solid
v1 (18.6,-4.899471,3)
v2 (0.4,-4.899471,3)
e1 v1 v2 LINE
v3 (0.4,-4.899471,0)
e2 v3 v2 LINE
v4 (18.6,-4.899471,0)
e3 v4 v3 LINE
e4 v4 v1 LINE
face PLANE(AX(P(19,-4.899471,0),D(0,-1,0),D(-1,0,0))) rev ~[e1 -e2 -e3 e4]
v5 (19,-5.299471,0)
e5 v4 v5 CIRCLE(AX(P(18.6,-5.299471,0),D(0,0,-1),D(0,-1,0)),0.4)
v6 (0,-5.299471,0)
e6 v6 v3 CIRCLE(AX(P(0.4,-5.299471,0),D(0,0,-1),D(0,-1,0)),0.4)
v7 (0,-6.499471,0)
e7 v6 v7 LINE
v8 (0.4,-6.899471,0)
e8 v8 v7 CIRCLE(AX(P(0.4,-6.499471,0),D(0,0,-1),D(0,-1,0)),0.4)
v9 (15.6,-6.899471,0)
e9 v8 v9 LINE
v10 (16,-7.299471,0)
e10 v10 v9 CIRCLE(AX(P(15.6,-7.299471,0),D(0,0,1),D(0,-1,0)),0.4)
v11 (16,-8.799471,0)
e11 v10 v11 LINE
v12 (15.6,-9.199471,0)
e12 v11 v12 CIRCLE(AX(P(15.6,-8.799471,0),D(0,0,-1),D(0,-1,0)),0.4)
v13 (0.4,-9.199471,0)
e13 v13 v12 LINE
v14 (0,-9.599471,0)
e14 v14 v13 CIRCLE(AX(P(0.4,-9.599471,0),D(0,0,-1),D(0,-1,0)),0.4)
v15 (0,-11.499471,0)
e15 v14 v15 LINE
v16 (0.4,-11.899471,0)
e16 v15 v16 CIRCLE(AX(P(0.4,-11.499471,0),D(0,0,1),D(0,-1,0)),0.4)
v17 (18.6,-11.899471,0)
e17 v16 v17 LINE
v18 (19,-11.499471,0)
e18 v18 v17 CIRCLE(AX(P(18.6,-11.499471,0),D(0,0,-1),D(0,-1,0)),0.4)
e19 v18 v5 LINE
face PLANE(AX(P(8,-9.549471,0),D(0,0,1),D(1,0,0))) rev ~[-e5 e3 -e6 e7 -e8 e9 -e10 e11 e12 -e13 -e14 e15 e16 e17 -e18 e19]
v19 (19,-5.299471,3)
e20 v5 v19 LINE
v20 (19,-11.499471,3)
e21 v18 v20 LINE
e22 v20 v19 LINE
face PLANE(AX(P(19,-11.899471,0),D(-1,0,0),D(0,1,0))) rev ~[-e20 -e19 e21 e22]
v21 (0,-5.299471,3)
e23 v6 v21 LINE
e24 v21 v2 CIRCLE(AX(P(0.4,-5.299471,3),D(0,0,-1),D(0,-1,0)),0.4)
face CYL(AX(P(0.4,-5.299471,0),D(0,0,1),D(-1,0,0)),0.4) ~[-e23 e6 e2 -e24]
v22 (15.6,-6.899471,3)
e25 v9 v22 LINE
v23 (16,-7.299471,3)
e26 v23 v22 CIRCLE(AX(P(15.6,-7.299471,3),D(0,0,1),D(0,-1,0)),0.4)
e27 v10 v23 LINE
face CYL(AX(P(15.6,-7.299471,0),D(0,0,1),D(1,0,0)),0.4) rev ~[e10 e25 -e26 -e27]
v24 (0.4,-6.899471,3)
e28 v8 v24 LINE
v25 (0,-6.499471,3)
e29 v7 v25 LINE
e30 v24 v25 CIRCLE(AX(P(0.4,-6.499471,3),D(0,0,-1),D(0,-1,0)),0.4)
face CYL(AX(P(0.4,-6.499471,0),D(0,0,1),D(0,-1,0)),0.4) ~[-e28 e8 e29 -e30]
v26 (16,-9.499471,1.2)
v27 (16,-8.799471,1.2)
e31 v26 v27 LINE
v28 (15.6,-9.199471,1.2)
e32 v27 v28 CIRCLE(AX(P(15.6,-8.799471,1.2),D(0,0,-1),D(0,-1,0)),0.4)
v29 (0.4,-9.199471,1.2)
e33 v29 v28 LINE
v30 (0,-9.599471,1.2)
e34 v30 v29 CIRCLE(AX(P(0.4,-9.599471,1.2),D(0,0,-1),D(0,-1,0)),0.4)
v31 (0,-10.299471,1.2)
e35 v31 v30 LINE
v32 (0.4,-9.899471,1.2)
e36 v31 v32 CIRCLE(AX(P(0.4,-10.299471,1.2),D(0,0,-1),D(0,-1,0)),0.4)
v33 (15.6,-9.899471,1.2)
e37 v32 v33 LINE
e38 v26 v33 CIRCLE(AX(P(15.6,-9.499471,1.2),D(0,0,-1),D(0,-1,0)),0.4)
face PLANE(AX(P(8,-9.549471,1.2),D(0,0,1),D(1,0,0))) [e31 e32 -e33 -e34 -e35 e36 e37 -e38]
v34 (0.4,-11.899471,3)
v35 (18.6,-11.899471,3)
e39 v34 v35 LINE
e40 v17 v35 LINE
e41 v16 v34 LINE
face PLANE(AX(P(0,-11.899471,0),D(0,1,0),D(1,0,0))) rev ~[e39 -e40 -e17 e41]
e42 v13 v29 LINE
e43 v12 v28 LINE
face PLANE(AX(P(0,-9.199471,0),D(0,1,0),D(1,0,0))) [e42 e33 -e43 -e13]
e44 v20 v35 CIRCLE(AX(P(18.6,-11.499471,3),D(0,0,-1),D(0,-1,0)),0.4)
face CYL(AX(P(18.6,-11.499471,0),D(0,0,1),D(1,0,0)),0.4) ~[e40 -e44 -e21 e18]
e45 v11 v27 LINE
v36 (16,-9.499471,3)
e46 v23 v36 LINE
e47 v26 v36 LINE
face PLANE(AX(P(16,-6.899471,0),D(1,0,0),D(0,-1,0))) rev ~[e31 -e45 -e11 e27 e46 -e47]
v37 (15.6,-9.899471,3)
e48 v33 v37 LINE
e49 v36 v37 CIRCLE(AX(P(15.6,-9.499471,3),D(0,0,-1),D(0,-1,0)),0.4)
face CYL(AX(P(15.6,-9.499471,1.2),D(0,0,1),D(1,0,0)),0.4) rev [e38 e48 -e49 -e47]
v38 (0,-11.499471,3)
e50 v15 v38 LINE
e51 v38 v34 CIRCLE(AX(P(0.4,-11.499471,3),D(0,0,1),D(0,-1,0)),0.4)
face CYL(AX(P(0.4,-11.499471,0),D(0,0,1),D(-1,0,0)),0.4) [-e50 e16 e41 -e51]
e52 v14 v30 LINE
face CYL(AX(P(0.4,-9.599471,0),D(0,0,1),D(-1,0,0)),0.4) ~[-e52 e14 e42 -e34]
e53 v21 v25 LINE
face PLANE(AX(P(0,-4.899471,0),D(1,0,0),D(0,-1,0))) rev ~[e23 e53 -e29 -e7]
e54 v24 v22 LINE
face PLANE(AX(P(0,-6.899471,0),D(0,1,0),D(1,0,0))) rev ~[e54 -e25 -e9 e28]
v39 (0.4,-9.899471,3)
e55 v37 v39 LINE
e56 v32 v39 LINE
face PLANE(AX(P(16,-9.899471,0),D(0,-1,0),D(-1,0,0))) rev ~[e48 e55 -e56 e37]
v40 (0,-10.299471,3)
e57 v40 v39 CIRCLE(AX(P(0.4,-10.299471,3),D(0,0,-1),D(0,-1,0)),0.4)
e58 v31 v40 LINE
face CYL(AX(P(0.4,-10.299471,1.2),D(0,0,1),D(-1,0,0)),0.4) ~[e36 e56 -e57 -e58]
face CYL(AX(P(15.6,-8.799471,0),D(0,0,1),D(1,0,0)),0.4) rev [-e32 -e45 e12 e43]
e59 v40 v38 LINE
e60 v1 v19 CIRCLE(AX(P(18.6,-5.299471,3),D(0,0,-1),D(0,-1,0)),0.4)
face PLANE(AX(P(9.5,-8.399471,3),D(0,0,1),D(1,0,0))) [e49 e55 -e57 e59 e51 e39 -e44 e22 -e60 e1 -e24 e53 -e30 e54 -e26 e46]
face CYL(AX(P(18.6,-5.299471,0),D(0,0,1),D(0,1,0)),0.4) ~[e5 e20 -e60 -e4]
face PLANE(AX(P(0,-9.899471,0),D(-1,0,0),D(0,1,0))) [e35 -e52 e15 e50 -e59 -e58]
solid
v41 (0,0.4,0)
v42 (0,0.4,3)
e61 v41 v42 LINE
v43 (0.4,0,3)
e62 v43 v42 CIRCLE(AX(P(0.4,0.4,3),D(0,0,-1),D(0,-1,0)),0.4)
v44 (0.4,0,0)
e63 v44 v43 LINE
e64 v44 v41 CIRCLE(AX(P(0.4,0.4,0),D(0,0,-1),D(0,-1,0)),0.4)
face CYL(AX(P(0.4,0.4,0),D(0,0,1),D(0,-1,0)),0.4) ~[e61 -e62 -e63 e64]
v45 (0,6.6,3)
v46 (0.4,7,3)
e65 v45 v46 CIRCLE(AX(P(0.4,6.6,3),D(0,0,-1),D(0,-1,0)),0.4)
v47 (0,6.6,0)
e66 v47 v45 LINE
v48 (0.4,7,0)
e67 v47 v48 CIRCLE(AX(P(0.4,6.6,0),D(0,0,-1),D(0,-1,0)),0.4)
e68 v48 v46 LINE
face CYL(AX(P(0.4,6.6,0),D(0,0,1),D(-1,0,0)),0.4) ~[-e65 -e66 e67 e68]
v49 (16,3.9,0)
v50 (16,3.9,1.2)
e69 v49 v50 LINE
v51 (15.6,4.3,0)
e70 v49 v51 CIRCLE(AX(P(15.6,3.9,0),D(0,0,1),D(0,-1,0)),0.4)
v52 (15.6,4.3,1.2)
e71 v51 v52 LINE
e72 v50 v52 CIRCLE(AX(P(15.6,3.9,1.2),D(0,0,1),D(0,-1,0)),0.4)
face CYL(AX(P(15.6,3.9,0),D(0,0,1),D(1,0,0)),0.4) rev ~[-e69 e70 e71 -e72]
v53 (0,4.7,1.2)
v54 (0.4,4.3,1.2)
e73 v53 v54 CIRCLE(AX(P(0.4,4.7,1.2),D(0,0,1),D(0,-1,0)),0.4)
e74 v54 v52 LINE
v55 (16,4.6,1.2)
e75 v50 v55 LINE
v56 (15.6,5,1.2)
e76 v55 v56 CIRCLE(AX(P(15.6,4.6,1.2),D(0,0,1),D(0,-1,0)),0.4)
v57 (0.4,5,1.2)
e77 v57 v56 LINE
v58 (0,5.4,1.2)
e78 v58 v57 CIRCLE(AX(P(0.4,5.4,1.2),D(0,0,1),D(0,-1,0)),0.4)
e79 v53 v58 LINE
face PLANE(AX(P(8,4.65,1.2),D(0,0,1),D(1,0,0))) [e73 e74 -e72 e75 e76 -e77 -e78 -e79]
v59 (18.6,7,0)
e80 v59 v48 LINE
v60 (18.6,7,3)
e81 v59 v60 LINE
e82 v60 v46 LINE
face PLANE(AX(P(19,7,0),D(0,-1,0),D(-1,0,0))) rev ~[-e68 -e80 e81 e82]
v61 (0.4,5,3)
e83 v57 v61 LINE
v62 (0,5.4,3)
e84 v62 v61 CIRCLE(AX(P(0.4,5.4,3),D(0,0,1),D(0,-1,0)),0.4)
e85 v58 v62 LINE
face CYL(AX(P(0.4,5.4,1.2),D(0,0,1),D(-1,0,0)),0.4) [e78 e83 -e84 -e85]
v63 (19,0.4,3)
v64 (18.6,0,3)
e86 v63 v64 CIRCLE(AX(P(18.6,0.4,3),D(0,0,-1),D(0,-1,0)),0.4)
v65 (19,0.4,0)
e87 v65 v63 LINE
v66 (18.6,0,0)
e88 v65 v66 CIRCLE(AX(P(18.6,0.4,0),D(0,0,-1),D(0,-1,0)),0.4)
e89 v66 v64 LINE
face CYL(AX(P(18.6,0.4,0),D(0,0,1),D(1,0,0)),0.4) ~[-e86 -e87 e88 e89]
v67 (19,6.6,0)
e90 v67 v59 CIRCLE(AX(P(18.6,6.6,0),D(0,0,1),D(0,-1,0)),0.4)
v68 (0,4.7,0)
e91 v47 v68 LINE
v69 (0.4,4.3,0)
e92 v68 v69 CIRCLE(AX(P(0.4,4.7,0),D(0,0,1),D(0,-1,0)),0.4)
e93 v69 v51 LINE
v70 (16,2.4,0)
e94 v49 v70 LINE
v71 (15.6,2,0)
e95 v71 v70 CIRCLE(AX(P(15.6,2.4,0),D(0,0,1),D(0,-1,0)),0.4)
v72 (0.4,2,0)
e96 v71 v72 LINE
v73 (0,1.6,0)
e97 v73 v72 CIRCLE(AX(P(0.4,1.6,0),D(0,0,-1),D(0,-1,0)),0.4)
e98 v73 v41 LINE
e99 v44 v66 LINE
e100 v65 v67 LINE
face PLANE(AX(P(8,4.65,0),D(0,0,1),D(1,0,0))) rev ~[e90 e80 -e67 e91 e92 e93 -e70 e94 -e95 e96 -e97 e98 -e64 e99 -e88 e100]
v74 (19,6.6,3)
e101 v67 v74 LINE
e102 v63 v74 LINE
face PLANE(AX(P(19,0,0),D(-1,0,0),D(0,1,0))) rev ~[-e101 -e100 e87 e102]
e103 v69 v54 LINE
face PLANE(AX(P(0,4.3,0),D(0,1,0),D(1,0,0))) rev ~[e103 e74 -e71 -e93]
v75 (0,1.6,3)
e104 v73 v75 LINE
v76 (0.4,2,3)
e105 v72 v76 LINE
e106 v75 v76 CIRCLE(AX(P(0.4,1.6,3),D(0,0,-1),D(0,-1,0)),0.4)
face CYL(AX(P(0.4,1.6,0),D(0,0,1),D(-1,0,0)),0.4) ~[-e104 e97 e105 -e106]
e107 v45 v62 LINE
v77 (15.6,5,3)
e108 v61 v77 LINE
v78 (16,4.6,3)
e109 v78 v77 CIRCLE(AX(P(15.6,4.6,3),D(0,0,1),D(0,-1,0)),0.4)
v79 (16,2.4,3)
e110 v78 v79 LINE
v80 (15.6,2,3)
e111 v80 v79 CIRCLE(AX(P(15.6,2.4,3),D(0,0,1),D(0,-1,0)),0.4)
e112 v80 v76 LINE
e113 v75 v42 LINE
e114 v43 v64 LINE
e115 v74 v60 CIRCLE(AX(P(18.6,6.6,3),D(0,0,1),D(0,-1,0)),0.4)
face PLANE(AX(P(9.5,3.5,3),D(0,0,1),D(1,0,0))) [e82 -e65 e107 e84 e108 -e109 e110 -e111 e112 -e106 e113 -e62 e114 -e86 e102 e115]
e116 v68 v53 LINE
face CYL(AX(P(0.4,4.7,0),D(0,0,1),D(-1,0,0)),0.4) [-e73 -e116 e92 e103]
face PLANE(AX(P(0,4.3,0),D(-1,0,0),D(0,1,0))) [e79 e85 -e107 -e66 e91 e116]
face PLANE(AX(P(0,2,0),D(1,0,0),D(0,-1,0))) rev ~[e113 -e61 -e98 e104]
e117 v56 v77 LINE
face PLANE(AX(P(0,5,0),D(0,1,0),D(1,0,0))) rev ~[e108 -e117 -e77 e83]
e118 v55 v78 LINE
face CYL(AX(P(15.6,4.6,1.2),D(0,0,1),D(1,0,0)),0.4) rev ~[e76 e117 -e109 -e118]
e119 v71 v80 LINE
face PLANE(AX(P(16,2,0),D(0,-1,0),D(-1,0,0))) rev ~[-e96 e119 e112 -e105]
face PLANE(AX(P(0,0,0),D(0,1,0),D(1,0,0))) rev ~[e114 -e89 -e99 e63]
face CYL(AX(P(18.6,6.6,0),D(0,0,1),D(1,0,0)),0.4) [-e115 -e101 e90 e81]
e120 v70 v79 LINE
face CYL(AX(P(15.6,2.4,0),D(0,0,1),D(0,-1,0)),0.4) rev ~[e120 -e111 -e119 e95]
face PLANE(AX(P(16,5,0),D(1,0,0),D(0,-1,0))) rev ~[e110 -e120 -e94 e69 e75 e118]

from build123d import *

# Parameters (mm, degrees)
BOSS_EXTRUDE1_DEPTH   = 3
BOSS_EXTRUDE1_2_DEPTH = 3
SKETCH2_4_W           = 16
SKETCH2_4_H           = 0.7
BOSS_EXTRUDE3_DEPTH   = 1.2
FILLET2_R             = 0.4
FILLET3_R             = 0.4


with BuildPart() as part:
    # Sketch2 → Boss-Extrude1 (new body)
    with BuildSketch(Plane.XY):
        Polygon((0, 2), (0, 0), (19, 0), (19, 7), (0, 7), (0, 5), (16, 5), (16, 2), align=None)
    extrude(amount=BOSS_EXTRUDE1_DEPTH)



with BuildPart() as body_2:
    # Sketch2 → Boss-Extrude1 2 (new body)
    with BuildSketch(Plane.XY):
        Polygon((16, -6.899471306), (16, -9.899471306), (0, -9.899471306), (0, -11.899471306), (19, -11.899471306), (19, -4.899471306), (0, -4.899471306), (0, -6.899471306), align=None)
    extrude(amount=BOSS_EXTRUDE1_2_DEPTH)


with BuildPart() as part_1:
    add(part.part)

    add(body_2.part)  # Boss-Extrude3 merges body 2
    # Sketch2<4> → Boss-Extrude3 (add)
    with BuildSketch(Plane.XY):
        with Locations((8, 4.65)):
            Rectangle(SKETCH2_4_W, SKETCH2_4_H)
        with Locations((8, -9.549471306)):
            Rectangle(SKETCH2_4_W, SKETCH2_4_H)
    extrude(amount=BOSS_EXTRUDE3_DEPTH)

    # Fillet2
    fillet2_edges = [part_1.edges().sort_by_distance(p)[0] for p in [
        (0, 5, 2.1),
        (16, 2, 1.5),
        (16, 4.3, 0.6),
        (16, 5, 2.1),
        (19, 7, 1.5),
        (19, 0, 1.5),
        (0, 0, 1.5),
        (0, 2, 1.5),
        (0, 4.3, 0.6),
        (0, 7, 1.5),
    ]]
    fillet(fillet2_edges, radius=FILLET2_R)

    # Fillet3
    fillet3_edges = [part_1.edges().sort_by_distance(p)[0] for p in [
        (19, -11.899471306, 1.5),
        (19, -4.899471306, 1.5),
        (16, -6.899471306, 1.5),
        (16, -9.899471306, 2.1),
        (16, -9.199471306, 0.6),
        (0, -11.899471306, 1.5),
        (0, -9.899471306, 2.1),
        (0, -9.199471306, 0.6),
        (0, -4.899471306, 1.5),
        (0, -6.899471306, 1.5),
    ]]
    fillet(fillet3_edges, radius=FILLET3_R)


solid = part_1.part
